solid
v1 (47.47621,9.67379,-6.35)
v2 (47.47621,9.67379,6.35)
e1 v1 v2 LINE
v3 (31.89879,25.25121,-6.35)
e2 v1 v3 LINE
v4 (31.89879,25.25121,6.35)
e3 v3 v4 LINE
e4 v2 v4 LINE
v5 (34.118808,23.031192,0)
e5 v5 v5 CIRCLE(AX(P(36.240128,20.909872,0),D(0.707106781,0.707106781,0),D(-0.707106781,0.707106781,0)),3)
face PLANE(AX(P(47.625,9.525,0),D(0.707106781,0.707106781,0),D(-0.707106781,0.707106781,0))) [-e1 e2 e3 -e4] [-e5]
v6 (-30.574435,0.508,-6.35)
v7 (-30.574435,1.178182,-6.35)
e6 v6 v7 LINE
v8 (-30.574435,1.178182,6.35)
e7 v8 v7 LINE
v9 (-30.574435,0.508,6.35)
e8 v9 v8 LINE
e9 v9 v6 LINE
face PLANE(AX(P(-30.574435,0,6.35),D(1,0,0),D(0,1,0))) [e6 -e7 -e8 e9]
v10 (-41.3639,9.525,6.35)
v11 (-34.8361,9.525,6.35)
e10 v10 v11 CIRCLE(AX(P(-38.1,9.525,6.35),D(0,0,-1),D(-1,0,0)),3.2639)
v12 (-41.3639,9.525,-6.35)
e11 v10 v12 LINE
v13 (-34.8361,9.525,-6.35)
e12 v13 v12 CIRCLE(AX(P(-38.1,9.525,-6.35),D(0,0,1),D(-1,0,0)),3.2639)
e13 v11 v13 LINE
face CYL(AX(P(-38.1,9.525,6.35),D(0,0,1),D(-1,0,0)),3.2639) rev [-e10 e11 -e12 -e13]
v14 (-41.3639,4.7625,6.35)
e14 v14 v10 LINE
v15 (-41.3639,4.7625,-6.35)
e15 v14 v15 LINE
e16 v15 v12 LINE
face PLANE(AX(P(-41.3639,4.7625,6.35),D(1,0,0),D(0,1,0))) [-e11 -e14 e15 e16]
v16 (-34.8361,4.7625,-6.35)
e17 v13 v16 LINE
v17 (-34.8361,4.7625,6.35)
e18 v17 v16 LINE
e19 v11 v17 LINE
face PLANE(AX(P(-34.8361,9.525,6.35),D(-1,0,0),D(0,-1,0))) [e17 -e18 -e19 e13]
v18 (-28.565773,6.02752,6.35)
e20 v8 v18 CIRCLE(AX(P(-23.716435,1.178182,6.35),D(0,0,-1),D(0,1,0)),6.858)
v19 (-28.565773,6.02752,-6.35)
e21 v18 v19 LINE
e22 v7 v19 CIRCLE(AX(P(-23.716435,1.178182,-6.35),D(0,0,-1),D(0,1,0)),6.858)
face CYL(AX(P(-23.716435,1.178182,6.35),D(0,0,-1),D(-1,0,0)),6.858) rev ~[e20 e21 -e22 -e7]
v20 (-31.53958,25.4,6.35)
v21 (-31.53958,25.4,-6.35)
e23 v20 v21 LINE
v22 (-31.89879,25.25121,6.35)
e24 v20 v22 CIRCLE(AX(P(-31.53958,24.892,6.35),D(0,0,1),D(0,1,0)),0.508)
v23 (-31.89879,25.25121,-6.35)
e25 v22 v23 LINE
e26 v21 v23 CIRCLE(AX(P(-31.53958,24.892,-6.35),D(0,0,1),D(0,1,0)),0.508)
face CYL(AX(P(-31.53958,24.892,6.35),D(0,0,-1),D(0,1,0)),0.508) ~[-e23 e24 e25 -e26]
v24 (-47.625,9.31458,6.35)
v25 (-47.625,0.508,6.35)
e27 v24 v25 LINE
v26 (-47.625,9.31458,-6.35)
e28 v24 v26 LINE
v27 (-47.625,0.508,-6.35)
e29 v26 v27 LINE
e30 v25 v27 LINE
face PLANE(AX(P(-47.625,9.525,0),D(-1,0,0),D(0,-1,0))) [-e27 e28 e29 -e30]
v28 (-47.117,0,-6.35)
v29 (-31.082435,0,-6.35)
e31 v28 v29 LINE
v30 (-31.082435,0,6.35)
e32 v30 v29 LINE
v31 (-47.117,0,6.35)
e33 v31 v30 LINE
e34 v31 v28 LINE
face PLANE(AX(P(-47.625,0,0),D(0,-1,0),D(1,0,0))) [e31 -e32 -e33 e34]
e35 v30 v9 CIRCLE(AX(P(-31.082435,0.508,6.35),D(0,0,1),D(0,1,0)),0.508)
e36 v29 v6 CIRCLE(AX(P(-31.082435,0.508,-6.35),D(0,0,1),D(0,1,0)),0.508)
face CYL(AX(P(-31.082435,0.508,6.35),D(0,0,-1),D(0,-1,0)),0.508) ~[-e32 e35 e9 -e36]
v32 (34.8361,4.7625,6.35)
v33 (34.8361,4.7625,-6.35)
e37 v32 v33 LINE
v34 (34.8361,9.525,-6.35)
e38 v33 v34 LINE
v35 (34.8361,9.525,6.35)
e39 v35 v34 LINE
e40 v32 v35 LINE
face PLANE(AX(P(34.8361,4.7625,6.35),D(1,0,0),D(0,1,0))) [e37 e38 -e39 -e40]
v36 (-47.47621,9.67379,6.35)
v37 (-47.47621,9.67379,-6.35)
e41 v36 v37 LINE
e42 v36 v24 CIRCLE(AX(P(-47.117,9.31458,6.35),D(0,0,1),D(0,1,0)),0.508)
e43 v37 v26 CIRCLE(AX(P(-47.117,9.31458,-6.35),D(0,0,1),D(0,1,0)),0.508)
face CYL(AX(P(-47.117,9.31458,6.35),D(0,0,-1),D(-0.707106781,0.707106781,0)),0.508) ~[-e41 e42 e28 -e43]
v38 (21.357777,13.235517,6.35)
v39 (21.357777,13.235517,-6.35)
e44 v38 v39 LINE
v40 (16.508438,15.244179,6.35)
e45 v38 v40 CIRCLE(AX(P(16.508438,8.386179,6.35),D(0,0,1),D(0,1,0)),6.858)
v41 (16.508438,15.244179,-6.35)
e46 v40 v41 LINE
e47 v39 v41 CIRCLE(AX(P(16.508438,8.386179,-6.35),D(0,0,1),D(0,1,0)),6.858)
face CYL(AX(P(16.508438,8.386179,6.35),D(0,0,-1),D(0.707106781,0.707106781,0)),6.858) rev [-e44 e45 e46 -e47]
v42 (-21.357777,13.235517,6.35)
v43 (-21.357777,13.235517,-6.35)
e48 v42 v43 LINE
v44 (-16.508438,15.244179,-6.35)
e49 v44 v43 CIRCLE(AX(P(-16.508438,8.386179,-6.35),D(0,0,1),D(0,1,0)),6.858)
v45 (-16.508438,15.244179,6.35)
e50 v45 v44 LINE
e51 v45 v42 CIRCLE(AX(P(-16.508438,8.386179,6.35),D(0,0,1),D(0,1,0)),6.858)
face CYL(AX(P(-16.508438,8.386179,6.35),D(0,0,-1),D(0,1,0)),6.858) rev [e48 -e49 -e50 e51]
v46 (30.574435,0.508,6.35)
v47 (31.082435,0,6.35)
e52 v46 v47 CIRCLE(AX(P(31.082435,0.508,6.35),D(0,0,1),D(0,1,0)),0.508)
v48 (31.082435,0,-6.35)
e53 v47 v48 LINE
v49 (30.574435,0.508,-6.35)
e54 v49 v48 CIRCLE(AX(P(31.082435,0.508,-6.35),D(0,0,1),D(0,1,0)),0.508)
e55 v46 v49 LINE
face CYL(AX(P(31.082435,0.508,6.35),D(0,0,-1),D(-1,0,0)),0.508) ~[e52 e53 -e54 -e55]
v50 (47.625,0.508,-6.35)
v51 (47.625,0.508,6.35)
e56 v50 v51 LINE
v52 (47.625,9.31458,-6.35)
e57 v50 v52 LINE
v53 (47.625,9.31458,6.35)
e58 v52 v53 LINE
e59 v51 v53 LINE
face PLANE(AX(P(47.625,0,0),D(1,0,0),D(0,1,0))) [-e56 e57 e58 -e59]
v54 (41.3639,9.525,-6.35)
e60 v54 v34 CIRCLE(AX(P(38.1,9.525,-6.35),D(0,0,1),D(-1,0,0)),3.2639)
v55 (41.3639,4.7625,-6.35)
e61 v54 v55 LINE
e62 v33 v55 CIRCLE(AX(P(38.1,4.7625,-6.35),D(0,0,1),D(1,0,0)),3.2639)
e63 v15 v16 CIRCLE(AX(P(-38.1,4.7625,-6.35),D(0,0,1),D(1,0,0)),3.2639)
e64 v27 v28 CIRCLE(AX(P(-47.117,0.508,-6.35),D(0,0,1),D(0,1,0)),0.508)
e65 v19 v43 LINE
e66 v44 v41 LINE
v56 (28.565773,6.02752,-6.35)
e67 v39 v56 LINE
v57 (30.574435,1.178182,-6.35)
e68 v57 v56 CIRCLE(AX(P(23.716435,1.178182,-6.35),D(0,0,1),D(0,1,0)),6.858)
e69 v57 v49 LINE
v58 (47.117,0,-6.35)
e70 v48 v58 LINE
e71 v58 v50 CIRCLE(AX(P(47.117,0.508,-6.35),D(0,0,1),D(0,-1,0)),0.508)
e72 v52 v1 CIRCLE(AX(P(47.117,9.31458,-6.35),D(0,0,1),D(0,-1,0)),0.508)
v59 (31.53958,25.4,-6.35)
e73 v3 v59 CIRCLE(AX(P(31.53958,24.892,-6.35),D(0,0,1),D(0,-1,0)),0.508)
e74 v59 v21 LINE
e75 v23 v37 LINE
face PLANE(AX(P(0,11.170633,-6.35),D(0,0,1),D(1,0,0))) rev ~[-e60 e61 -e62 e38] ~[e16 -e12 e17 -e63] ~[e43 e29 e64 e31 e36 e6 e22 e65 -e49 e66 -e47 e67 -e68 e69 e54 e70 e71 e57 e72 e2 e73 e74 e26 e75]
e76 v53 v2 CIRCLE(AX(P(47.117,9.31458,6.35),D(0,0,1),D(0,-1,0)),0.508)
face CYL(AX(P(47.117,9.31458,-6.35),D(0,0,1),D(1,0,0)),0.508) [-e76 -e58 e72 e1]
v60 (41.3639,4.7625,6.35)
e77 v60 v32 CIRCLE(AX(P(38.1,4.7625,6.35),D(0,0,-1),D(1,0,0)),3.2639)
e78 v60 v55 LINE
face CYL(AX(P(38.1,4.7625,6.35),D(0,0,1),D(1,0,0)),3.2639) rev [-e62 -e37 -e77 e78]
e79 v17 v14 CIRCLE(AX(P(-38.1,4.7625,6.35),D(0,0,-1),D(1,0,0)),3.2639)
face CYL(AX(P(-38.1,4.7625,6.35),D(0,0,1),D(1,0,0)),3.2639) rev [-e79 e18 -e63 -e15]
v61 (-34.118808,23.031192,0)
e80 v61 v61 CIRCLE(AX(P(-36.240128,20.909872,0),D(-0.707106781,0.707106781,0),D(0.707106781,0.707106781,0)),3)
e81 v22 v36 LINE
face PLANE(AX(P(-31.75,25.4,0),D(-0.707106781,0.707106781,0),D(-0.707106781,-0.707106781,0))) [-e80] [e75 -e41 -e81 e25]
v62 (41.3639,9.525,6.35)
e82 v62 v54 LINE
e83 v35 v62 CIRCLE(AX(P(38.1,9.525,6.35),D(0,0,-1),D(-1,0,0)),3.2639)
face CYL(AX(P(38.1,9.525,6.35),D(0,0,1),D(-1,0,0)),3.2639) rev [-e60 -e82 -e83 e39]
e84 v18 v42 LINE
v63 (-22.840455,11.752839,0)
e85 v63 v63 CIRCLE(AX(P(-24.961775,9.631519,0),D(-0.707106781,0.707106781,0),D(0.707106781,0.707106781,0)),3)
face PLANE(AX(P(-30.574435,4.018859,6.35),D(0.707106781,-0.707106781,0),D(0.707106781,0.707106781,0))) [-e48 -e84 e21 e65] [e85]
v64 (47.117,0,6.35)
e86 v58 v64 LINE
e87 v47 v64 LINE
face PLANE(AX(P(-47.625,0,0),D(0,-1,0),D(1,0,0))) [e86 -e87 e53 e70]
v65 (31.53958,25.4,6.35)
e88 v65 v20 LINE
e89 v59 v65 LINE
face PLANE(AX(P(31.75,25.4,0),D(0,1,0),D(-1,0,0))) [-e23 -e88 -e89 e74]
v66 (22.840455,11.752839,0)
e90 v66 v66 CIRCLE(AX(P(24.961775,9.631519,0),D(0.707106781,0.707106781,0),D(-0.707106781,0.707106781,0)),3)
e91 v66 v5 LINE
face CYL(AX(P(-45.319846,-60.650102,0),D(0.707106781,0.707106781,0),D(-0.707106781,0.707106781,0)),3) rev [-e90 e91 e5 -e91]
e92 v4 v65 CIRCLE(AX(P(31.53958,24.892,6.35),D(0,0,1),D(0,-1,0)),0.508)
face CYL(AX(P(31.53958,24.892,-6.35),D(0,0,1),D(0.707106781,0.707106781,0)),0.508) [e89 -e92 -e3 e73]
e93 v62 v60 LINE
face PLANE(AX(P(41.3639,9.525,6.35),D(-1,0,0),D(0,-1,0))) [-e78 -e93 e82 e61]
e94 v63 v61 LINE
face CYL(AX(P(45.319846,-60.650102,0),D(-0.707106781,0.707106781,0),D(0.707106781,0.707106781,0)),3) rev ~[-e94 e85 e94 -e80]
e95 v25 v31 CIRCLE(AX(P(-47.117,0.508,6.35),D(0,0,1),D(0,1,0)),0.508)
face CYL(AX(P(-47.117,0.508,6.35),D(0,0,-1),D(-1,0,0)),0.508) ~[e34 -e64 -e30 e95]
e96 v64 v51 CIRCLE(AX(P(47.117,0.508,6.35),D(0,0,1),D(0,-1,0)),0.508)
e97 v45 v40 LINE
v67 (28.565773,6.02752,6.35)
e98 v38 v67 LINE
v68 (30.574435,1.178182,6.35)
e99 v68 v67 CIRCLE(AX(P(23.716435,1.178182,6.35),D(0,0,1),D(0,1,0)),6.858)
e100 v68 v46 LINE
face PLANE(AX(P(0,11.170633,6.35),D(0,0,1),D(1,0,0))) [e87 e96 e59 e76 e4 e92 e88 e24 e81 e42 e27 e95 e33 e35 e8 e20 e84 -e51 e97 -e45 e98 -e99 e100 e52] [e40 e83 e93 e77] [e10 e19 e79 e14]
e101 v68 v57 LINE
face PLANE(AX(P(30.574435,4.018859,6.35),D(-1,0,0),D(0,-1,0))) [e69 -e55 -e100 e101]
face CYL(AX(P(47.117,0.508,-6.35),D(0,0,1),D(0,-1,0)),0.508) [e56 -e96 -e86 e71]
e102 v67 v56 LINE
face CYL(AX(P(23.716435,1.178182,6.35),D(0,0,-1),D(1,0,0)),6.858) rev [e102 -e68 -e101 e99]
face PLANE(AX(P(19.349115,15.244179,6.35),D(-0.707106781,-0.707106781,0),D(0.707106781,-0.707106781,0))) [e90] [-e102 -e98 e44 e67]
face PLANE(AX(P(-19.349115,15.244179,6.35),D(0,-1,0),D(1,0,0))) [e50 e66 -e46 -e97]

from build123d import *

# Parameters (mm, degrees)
BOSS_EXTRUDE1_DEPTH             = 6.35
CUT_EXTRUDE1_DEPTH              = 56.448991199
CUT_EXTRUDE2_DEPTH              = 56.448991199
FILLET1_R                       = 6.858
F_6_0MM_CLEARANCE_DOWEL_HOLE1_D = 6
FILLET2_R                       = 0.508


with BuildPart() as part:
    # Sketch1 → Boss-Extrude1 (new, symmetric)
    with BuildSketch(Plane.XY):
        Polygon((-47.625, 0), (47.625, 0), (47.625, 9.525), (31.75, 25.4), (-31.75, 25.4), (-47.625, 9.525), align=None)
    extrude(amount=BOSS_EXTRUDE1_DEPTH, both=True)

    # Sketch2 → Cut-Extrude1 (cut, through all)
    with BuildSketch(Plane.XY.offset(6.35)):
        with BuildLine():
            Line((-34.8361, 9.525), (-34.8361, 4.7625))
            ThreePointArc((-34.8361, 4.7625), (-38.1, 1.4986), (-41.3639, 4.7625))
            Line((-41.3639, 4.7625), (-41.3639, 9.525))
            ThreePointArc((-41.3639, 9.525), (-38.1, 12.7889), (-34.8361, 9.525))
        make_face()
        with BuildLine():
            Line((41.3639, 9.525), (41.3639, 4.7625))
            ThreePointArc((41.3639, 4.7625), (38.1, 1.4986), (34.8361, 4.7625))
            Line((34.8361, 4.7625), (34.8361, 9.525))
            ThreePointArc((34.8361, 9.525), (38.1, 12.7889), (41.3639, 9.525))
        make_face()
    extrude(amount=-CUT_EXTRUDE1_DEPTH, mode=Mode.SUBTRACT)

    # Sketch3 → Cut-Extrude2 (cut, through all)
    with BuildSketch(Plane.XY.offset(6.35)):
        Polygon((-30.574434976, 4.018858704), (-19.349114825, 15.244178855), (19.349114825, 15.244178855), (30.574434976, 4.018858704), (30.574434976, 0), (-30.574434976, 0), align=None)
    extrude(amount=-CUT_EXTRUDE2_DEPTH, mode=Mode.SUBTRACT)

    # Fillet1
    fillet1_edges = [part.edges().sort_by_distance(p)[0] for p in [
        (-19.349114825, 15.244178855, 0),
        (19.349114825, 15.244178855, 0),
        (30.574434976, 4.018858704, 0),
        (-30.574434976, 4.018858704, 0),
    ]]
    fillet(fillet1_edges, radius=FILLET1_R)

    # Ø6.0mm Clearance Dowel Hole1 (through all)
    with Locations(Plane(origin=(-17.29664684, 17.29664684, 0), x_dir=(-0.7071067811865511, -0.7071067811865439, 0), z_dir=(0.7071067811865439, -0.7071067811865511, 0))):
        with Locations((10.840128061, 0)):
            f_6_0mm_clearance_dowel_hole1 = Hole(F_6_0MM_CLEARANCE_DOWEL_HOLE1_D / 2)

    # Mirror2: Ø6.0mm Clearance Dowel Hole1 across plane
    add(f_6_0mm_clearance_dowel_hole1.mirror(Plane(origin=(0, 0, 0), x_dir=(0, 0, 1), z_dir=(1, 0, 0))), mode=Mode.SUBTRACT)

    # Fillet2
    fillet2_edges = [part.edges().sort_by_distance(p)[0] for p in [
        (-47.625, 9.525, 0),
        (-31.75, 25.4, 0),
        (31.75, 25.4, 0),
        (47.625, 9.525, 0),
        (47.625, 0, 0),
        (-47.625, 0, 0),
        (30.574434976, 0, 0),
        (-30.574434976, 0, 0),
    ]]
    fillet(fillet2_edges, radius=FILLET2_R)


solid = part.part
